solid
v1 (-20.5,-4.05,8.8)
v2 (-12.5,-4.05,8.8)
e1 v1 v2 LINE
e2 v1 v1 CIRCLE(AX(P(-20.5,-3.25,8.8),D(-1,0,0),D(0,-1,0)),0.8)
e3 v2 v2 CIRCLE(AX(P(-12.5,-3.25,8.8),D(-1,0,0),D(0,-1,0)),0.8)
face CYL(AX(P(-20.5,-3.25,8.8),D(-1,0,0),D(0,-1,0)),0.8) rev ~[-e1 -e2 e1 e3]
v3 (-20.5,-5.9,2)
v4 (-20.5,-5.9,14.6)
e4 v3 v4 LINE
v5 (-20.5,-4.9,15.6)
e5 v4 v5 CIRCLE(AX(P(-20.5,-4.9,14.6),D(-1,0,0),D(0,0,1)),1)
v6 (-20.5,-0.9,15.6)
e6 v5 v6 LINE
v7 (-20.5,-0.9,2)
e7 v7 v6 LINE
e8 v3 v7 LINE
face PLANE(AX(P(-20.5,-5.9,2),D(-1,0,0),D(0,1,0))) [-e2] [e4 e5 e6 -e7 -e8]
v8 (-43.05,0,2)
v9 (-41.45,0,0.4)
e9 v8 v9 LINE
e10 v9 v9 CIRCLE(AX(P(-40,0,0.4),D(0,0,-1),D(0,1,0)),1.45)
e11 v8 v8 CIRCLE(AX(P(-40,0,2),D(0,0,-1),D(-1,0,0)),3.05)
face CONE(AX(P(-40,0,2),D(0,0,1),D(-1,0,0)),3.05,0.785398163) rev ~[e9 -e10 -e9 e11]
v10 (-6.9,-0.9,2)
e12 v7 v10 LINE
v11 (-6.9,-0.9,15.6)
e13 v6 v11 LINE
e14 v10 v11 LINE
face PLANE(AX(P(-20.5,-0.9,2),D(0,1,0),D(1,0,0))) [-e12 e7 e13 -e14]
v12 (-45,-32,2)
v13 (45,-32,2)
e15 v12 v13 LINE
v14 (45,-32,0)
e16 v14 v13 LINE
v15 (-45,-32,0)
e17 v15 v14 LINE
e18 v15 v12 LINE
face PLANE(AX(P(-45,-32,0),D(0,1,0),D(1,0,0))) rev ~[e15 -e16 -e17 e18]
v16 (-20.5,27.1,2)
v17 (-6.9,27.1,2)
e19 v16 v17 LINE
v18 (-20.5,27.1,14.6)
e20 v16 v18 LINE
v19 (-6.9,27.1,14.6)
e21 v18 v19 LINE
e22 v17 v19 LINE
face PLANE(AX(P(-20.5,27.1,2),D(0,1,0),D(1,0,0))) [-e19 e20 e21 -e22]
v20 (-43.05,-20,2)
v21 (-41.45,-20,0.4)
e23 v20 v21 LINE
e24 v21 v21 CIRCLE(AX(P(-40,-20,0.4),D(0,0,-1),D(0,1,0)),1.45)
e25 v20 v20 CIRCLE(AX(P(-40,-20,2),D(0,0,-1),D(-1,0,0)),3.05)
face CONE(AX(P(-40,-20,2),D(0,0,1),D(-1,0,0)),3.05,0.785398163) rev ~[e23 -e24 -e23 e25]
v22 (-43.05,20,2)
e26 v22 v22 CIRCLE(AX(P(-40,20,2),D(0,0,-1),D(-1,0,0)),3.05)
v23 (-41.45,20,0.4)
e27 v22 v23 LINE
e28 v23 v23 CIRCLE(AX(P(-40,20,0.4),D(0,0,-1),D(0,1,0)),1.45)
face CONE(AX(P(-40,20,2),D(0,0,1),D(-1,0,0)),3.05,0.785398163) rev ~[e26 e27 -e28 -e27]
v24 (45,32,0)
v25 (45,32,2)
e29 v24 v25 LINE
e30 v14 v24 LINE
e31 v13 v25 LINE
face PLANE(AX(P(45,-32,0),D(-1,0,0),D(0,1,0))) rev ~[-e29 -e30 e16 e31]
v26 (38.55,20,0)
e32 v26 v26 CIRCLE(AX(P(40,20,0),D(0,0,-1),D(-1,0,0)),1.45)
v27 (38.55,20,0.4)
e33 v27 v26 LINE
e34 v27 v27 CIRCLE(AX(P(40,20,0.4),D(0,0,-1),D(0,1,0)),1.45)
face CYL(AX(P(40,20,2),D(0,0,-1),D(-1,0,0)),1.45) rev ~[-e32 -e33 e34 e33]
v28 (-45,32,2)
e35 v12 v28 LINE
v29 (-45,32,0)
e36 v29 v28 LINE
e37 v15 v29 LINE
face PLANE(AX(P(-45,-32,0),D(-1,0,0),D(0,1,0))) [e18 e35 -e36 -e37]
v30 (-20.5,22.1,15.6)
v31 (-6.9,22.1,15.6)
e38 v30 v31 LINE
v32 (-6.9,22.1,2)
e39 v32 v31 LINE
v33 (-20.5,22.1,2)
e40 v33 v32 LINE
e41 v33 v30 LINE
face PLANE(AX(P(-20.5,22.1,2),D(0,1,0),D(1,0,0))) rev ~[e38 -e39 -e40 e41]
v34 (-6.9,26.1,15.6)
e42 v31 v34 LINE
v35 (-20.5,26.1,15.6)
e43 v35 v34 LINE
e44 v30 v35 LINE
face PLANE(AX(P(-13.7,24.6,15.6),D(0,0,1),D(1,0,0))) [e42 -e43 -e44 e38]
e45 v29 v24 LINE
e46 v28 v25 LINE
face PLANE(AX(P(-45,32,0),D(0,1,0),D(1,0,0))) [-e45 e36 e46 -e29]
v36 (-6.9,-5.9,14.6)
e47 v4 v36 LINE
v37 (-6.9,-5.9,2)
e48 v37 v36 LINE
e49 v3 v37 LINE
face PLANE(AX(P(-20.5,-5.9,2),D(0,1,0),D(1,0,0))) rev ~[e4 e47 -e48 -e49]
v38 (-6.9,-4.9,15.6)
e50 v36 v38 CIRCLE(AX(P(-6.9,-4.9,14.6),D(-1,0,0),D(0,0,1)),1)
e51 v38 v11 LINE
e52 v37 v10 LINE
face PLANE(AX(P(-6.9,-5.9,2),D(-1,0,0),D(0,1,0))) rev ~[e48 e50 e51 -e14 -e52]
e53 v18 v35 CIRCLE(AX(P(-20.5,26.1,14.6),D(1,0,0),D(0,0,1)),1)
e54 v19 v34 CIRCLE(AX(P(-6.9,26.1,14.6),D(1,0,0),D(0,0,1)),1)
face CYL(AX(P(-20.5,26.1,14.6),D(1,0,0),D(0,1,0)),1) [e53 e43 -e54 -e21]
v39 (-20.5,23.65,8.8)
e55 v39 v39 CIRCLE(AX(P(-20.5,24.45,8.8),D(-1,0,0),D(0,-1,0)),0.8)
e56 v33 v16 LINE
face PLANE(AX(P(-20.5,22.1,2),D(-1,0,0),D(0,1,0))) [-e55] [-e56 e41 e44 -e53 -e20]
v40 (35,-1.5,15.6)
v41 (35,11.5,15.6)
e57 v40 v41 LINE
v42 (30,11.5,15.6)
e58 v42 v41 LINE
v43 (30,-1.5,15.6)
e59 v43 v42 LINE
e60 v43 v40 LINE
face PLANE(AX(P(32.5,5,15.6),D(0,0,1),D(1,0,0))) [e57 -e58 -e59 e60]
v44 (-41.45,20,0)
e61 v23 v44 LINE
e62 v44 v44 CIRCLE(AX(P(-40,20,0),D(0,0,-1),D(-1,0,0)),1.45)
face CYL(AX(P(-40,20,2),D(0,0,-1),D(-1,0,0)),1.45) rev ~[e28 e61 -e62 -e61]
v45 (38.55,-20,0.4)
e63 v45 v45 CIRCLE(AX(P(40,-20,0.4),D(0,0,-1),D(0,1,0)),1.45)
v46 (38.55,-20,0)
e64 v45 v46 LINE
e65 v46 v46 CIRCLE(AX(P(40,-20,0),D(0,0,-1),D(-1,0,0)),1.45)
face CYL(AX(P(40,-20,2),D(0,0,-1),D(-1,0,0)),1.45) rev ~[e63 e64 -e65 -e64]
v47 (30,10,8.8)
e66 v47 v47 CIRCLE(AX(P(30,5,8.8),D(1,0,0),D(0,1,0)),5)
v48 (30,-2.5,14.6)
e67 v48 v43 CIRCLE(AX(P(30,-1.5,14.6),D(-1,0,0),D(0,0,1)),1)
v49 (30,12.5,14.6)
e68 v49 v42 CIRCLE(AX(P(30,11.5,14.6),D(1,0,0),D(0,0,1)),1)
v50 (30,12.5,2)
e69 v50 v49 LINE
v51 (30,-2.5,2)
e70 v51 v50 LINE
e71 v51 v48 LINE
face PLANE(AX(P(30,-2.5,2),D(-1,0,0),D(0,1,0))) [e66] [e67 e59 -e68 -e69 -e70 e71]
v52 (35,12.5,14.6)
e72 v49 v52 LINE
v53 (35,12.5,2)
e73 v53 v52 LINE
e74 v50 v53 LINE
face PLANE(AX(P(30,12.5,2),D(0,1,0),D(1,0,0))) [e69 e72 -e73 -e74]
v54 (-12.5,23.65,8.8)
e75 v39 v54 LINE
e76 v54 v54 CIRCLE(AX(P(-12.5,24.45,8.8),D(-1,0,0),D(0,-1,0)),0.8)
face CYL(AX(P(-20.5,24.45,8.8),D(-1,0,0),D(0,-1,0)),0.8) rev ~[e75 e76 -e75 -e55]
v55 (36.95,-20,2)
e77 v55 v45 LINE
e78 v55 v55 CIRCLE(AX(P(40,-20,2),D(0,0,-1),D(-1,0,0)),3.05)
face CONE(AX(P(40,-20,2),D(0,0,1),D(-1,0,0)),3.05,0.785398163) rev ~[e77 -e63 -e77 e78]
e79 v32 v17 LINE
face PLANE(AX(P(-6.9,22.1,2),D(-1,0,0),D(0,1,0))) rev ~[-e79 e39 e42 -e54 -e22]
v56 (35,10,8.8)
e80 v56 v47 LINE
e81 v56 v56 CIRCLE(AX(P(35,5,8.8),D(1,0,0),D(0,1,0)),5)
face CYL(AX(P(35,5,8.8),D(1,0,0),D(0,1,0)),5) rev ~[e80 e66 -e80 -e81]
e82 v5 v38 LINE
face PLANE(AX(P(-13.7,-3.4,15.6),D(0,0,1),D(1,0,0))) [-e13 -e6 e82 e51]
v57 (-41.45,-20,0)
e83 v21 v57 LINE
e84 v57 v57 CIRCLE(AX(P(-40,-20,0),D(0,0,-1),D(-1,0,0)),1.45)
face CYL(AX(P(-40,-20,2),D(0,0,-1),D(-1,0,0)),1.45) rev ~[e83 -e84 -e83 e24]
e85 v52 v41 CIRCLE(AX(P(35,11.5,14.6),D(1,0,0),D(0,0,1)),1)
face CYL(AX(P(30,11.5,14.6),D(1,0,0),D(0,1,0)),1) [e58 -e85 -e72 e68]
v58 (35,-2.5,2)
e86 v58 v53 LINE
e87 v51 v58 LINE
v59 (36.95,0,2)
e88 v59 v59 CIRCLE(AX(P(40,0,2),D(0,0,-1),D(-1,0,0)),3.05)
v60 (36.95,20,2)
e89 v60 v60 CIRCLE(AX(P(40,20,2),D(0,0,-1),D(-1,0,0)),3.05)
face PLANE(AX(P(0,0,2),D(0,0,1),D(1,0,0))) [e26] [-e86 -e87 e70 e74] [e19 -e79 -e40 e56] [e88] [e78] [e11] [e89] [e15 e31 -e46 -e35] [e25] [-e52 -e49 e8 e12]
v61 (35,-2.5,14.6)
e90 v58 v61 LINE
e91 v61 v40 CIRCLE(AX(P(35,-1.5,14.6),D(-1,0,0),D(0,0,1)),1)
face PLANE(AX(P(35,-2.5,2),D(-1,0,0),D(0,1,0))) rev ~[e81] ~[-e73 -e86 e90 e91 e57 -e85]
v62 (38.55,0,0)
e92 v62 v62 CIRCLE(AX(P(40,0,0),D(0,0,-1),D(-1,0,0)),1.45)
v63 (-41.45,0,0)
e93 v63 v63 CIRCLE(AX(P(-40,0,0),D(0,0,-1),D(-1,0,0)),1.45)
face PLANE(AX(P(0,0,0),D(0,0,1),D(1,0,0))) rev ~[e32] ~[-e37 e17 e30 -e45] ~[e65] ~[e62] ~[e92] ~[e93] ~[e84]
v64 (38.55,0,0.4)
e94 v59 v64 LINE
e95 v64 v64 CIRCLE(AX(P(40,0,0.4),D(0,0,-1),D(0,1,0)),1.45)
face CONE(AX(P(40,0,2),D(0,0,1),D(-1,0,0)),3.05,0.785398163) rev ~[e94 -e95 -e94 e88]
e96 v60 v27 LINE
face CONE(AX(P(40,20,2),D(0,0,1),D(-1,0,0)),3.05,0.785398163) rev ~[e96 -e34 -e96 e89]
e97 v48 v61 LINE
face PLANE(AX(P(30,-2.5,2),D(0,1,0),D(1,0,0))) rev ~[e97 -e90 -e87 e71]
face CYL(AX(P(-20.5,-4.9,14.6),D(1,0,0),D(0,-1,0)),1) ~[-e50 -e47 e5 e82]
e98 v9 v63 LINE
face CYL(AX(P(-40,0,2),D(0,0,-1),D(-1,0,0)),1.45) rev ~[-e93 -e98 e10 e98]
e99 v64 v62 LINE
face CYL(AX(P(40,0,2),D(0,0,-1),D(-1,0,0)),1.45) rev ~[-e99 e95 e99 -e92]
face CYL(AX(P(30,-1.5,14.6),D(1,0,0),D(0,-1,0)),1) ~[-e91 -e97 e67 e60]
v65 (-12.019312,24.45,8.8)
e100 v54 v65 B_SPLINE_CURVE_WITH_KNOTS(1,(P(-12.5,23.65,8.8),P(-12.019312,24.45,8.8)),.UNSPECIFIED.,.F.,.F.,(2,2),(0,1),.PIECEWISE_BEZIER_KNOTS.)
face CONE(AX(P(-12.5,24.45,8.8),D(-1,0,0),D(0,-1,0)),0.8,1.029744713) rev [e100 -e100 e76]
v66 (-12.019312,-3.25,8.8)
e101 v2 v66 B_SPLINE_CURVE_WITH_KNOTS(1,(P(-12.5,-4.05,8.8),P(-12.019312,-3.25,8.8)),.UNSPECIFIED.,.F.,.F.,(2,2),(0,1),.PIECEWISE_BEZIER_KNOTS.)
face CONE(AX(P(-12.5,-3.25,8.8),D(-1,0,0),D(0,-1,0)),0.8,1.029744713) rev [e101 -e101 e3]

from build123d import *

# Parameters (mm, degrees)
SKETCH_W         = 90
SKETCH_H         = 64
PAD_DEPTH        = 2
HOLE_D           = 2.9
HOLE_DEPTH       = 25
HOLE_CSINK_D     = 6.1
HOLE_CSINK_ANGLE = 90
SKETCH002_W      = 13.6
SKETCH002_H      = 5
SKETCH002_W_2    = 5
SKETCH002_H_2    = 15
PAD001_DEPTH     = 13.6
SKETCH003_R      = 0.8
HOLE001_DEPTH    = 8
HOLE001_TIPS_R   = 0.8
SKETCH004_R      = 5
HOLE002_DEPTH    = 5
HOLE002_TIPS_R   = 5
FILLET_R         = 1


with BuildPart() as part:
    # Sketch → Pad (new body)
    with BuildSketch(Plane.XY):
        Rectangle(SKETCH_W, SKETCH_H)
    extrude(amount=PAD_DEPTH)

    # Hole
    with Locations(Plane.XY.offset(2)):
        with Locations((-40, 20), (-40, 0), (-40, -20), (40, 20), (40, 0), (40, -20)):
            CounterSinkHole(HOLE_D / 2, HOLE_CSINK_D / 2, depth=HOLE_DEPTH, counter_sink_angle=HOLE_CSINK_ANGLE)

    # Sketch002 (on Face6 of Pad) → Pad001 (join)
    with BuildSketch(Plane.XY.offset(2)):
        with Locations((-13.7, 24.6)):
            Rectangle(SKETCH002_W, SKETCH002_H)
        with Locations((-13.7, -3.4)):
            Rectangle(SKETCH002_W, SKETCH002_H)
        with Locations((32.5, 5)):
            Rectangle(SKETCH002_W_2, SKETCH002_H_2)
    extrude(amount=PAD001_DEPTH)

    # Sketch003 (on Face15 of Pad001) → Hole001 (cut)
    with BuildSketch(Plane(origin=(-20.5, 0, 0), x_dir=(0, -1, 0), z_dir=(-1, 0, 0))):
        with Locations((-24.45, 8.8)):
            Circle(SKETCH003_R)
        with Locations((3.25, 8.8)):
            Circle(SKETCH003_R)
    extrude(amount=-HOLE001_DEPTH, mode=Mode.SUBTRACT)

    # Hole001 tips → Hole001 tip 1 section 0
    with BuildSketch(Plane(origin=(-12.5, 0, 0), x_dir=(0, -1, 0), z_dir=(-1, 0, 0)), mode=Mode.PRIVATE) as hole001_tip_1_s0:
        with Locations((-24.45, 8.8)):
            Circle(HOLE001_TIPS_R)
    loft([hole001_tip_1_s0.sketch, Vertex(-12.019312, 24.45, 8.8)], mode=Mode.SUBTRACT)

    # Hole001 tips → Hole001 tip 2 section 0
    with BuildSketch(Plane(origin=(-12.5, 0, 0), x_dir=(0, -1, 0), z_dir=(-1, 0, 0)), mode=Mode.PRIVATE) as hole001_tip_2_s0:
        with Locations((3.25, 8.8)):
            Circle(HOLE001_TIPS_R)
    loft([hole001_tip_2_s0.sketch, Vertex(-12.019312, -3.25, 8.8)], mode=Mode.SUBTRACT)

    # Sketch004 (on Face28 of Hole001) → Hole002 (cut)
    with BuildSketch(Plane.YZ.offset(35)):
        with Locations((5, 8.8)):
            Circle(SKETCH004_R)
    extrude(amount=-HOLE002_DEPTH, mode=Mode.SUBTRACT)

    # Hole002 tips → Hole002 tip 1 section 0
    with BuildSketch(Plane.YZ.offset(30), mode=Mode.PRIVATE) as hole002_tip_1_s0:
        with Locations((5, 8.8)):
            Circle(HOLE002_TIPS_R)
    loft([hole002_tip_1_s0.sketch, Vertex(26.995697, 5, 8.8)], mode=Mode.SUBTRACT)

    # Fillet
    fillet_edges = [part.edges().sort_by_distance(p)[0] for p in [
        (32.5, -2.5, 15.6),
        (32.5, 12.5, 15.6),
        (-13.7, -5.9, 15.6),
        (-13.7, 27.1, 15.6),
    ]]
    fillet(fillet_edges, radius=FILLET_R)


solid = part.part
